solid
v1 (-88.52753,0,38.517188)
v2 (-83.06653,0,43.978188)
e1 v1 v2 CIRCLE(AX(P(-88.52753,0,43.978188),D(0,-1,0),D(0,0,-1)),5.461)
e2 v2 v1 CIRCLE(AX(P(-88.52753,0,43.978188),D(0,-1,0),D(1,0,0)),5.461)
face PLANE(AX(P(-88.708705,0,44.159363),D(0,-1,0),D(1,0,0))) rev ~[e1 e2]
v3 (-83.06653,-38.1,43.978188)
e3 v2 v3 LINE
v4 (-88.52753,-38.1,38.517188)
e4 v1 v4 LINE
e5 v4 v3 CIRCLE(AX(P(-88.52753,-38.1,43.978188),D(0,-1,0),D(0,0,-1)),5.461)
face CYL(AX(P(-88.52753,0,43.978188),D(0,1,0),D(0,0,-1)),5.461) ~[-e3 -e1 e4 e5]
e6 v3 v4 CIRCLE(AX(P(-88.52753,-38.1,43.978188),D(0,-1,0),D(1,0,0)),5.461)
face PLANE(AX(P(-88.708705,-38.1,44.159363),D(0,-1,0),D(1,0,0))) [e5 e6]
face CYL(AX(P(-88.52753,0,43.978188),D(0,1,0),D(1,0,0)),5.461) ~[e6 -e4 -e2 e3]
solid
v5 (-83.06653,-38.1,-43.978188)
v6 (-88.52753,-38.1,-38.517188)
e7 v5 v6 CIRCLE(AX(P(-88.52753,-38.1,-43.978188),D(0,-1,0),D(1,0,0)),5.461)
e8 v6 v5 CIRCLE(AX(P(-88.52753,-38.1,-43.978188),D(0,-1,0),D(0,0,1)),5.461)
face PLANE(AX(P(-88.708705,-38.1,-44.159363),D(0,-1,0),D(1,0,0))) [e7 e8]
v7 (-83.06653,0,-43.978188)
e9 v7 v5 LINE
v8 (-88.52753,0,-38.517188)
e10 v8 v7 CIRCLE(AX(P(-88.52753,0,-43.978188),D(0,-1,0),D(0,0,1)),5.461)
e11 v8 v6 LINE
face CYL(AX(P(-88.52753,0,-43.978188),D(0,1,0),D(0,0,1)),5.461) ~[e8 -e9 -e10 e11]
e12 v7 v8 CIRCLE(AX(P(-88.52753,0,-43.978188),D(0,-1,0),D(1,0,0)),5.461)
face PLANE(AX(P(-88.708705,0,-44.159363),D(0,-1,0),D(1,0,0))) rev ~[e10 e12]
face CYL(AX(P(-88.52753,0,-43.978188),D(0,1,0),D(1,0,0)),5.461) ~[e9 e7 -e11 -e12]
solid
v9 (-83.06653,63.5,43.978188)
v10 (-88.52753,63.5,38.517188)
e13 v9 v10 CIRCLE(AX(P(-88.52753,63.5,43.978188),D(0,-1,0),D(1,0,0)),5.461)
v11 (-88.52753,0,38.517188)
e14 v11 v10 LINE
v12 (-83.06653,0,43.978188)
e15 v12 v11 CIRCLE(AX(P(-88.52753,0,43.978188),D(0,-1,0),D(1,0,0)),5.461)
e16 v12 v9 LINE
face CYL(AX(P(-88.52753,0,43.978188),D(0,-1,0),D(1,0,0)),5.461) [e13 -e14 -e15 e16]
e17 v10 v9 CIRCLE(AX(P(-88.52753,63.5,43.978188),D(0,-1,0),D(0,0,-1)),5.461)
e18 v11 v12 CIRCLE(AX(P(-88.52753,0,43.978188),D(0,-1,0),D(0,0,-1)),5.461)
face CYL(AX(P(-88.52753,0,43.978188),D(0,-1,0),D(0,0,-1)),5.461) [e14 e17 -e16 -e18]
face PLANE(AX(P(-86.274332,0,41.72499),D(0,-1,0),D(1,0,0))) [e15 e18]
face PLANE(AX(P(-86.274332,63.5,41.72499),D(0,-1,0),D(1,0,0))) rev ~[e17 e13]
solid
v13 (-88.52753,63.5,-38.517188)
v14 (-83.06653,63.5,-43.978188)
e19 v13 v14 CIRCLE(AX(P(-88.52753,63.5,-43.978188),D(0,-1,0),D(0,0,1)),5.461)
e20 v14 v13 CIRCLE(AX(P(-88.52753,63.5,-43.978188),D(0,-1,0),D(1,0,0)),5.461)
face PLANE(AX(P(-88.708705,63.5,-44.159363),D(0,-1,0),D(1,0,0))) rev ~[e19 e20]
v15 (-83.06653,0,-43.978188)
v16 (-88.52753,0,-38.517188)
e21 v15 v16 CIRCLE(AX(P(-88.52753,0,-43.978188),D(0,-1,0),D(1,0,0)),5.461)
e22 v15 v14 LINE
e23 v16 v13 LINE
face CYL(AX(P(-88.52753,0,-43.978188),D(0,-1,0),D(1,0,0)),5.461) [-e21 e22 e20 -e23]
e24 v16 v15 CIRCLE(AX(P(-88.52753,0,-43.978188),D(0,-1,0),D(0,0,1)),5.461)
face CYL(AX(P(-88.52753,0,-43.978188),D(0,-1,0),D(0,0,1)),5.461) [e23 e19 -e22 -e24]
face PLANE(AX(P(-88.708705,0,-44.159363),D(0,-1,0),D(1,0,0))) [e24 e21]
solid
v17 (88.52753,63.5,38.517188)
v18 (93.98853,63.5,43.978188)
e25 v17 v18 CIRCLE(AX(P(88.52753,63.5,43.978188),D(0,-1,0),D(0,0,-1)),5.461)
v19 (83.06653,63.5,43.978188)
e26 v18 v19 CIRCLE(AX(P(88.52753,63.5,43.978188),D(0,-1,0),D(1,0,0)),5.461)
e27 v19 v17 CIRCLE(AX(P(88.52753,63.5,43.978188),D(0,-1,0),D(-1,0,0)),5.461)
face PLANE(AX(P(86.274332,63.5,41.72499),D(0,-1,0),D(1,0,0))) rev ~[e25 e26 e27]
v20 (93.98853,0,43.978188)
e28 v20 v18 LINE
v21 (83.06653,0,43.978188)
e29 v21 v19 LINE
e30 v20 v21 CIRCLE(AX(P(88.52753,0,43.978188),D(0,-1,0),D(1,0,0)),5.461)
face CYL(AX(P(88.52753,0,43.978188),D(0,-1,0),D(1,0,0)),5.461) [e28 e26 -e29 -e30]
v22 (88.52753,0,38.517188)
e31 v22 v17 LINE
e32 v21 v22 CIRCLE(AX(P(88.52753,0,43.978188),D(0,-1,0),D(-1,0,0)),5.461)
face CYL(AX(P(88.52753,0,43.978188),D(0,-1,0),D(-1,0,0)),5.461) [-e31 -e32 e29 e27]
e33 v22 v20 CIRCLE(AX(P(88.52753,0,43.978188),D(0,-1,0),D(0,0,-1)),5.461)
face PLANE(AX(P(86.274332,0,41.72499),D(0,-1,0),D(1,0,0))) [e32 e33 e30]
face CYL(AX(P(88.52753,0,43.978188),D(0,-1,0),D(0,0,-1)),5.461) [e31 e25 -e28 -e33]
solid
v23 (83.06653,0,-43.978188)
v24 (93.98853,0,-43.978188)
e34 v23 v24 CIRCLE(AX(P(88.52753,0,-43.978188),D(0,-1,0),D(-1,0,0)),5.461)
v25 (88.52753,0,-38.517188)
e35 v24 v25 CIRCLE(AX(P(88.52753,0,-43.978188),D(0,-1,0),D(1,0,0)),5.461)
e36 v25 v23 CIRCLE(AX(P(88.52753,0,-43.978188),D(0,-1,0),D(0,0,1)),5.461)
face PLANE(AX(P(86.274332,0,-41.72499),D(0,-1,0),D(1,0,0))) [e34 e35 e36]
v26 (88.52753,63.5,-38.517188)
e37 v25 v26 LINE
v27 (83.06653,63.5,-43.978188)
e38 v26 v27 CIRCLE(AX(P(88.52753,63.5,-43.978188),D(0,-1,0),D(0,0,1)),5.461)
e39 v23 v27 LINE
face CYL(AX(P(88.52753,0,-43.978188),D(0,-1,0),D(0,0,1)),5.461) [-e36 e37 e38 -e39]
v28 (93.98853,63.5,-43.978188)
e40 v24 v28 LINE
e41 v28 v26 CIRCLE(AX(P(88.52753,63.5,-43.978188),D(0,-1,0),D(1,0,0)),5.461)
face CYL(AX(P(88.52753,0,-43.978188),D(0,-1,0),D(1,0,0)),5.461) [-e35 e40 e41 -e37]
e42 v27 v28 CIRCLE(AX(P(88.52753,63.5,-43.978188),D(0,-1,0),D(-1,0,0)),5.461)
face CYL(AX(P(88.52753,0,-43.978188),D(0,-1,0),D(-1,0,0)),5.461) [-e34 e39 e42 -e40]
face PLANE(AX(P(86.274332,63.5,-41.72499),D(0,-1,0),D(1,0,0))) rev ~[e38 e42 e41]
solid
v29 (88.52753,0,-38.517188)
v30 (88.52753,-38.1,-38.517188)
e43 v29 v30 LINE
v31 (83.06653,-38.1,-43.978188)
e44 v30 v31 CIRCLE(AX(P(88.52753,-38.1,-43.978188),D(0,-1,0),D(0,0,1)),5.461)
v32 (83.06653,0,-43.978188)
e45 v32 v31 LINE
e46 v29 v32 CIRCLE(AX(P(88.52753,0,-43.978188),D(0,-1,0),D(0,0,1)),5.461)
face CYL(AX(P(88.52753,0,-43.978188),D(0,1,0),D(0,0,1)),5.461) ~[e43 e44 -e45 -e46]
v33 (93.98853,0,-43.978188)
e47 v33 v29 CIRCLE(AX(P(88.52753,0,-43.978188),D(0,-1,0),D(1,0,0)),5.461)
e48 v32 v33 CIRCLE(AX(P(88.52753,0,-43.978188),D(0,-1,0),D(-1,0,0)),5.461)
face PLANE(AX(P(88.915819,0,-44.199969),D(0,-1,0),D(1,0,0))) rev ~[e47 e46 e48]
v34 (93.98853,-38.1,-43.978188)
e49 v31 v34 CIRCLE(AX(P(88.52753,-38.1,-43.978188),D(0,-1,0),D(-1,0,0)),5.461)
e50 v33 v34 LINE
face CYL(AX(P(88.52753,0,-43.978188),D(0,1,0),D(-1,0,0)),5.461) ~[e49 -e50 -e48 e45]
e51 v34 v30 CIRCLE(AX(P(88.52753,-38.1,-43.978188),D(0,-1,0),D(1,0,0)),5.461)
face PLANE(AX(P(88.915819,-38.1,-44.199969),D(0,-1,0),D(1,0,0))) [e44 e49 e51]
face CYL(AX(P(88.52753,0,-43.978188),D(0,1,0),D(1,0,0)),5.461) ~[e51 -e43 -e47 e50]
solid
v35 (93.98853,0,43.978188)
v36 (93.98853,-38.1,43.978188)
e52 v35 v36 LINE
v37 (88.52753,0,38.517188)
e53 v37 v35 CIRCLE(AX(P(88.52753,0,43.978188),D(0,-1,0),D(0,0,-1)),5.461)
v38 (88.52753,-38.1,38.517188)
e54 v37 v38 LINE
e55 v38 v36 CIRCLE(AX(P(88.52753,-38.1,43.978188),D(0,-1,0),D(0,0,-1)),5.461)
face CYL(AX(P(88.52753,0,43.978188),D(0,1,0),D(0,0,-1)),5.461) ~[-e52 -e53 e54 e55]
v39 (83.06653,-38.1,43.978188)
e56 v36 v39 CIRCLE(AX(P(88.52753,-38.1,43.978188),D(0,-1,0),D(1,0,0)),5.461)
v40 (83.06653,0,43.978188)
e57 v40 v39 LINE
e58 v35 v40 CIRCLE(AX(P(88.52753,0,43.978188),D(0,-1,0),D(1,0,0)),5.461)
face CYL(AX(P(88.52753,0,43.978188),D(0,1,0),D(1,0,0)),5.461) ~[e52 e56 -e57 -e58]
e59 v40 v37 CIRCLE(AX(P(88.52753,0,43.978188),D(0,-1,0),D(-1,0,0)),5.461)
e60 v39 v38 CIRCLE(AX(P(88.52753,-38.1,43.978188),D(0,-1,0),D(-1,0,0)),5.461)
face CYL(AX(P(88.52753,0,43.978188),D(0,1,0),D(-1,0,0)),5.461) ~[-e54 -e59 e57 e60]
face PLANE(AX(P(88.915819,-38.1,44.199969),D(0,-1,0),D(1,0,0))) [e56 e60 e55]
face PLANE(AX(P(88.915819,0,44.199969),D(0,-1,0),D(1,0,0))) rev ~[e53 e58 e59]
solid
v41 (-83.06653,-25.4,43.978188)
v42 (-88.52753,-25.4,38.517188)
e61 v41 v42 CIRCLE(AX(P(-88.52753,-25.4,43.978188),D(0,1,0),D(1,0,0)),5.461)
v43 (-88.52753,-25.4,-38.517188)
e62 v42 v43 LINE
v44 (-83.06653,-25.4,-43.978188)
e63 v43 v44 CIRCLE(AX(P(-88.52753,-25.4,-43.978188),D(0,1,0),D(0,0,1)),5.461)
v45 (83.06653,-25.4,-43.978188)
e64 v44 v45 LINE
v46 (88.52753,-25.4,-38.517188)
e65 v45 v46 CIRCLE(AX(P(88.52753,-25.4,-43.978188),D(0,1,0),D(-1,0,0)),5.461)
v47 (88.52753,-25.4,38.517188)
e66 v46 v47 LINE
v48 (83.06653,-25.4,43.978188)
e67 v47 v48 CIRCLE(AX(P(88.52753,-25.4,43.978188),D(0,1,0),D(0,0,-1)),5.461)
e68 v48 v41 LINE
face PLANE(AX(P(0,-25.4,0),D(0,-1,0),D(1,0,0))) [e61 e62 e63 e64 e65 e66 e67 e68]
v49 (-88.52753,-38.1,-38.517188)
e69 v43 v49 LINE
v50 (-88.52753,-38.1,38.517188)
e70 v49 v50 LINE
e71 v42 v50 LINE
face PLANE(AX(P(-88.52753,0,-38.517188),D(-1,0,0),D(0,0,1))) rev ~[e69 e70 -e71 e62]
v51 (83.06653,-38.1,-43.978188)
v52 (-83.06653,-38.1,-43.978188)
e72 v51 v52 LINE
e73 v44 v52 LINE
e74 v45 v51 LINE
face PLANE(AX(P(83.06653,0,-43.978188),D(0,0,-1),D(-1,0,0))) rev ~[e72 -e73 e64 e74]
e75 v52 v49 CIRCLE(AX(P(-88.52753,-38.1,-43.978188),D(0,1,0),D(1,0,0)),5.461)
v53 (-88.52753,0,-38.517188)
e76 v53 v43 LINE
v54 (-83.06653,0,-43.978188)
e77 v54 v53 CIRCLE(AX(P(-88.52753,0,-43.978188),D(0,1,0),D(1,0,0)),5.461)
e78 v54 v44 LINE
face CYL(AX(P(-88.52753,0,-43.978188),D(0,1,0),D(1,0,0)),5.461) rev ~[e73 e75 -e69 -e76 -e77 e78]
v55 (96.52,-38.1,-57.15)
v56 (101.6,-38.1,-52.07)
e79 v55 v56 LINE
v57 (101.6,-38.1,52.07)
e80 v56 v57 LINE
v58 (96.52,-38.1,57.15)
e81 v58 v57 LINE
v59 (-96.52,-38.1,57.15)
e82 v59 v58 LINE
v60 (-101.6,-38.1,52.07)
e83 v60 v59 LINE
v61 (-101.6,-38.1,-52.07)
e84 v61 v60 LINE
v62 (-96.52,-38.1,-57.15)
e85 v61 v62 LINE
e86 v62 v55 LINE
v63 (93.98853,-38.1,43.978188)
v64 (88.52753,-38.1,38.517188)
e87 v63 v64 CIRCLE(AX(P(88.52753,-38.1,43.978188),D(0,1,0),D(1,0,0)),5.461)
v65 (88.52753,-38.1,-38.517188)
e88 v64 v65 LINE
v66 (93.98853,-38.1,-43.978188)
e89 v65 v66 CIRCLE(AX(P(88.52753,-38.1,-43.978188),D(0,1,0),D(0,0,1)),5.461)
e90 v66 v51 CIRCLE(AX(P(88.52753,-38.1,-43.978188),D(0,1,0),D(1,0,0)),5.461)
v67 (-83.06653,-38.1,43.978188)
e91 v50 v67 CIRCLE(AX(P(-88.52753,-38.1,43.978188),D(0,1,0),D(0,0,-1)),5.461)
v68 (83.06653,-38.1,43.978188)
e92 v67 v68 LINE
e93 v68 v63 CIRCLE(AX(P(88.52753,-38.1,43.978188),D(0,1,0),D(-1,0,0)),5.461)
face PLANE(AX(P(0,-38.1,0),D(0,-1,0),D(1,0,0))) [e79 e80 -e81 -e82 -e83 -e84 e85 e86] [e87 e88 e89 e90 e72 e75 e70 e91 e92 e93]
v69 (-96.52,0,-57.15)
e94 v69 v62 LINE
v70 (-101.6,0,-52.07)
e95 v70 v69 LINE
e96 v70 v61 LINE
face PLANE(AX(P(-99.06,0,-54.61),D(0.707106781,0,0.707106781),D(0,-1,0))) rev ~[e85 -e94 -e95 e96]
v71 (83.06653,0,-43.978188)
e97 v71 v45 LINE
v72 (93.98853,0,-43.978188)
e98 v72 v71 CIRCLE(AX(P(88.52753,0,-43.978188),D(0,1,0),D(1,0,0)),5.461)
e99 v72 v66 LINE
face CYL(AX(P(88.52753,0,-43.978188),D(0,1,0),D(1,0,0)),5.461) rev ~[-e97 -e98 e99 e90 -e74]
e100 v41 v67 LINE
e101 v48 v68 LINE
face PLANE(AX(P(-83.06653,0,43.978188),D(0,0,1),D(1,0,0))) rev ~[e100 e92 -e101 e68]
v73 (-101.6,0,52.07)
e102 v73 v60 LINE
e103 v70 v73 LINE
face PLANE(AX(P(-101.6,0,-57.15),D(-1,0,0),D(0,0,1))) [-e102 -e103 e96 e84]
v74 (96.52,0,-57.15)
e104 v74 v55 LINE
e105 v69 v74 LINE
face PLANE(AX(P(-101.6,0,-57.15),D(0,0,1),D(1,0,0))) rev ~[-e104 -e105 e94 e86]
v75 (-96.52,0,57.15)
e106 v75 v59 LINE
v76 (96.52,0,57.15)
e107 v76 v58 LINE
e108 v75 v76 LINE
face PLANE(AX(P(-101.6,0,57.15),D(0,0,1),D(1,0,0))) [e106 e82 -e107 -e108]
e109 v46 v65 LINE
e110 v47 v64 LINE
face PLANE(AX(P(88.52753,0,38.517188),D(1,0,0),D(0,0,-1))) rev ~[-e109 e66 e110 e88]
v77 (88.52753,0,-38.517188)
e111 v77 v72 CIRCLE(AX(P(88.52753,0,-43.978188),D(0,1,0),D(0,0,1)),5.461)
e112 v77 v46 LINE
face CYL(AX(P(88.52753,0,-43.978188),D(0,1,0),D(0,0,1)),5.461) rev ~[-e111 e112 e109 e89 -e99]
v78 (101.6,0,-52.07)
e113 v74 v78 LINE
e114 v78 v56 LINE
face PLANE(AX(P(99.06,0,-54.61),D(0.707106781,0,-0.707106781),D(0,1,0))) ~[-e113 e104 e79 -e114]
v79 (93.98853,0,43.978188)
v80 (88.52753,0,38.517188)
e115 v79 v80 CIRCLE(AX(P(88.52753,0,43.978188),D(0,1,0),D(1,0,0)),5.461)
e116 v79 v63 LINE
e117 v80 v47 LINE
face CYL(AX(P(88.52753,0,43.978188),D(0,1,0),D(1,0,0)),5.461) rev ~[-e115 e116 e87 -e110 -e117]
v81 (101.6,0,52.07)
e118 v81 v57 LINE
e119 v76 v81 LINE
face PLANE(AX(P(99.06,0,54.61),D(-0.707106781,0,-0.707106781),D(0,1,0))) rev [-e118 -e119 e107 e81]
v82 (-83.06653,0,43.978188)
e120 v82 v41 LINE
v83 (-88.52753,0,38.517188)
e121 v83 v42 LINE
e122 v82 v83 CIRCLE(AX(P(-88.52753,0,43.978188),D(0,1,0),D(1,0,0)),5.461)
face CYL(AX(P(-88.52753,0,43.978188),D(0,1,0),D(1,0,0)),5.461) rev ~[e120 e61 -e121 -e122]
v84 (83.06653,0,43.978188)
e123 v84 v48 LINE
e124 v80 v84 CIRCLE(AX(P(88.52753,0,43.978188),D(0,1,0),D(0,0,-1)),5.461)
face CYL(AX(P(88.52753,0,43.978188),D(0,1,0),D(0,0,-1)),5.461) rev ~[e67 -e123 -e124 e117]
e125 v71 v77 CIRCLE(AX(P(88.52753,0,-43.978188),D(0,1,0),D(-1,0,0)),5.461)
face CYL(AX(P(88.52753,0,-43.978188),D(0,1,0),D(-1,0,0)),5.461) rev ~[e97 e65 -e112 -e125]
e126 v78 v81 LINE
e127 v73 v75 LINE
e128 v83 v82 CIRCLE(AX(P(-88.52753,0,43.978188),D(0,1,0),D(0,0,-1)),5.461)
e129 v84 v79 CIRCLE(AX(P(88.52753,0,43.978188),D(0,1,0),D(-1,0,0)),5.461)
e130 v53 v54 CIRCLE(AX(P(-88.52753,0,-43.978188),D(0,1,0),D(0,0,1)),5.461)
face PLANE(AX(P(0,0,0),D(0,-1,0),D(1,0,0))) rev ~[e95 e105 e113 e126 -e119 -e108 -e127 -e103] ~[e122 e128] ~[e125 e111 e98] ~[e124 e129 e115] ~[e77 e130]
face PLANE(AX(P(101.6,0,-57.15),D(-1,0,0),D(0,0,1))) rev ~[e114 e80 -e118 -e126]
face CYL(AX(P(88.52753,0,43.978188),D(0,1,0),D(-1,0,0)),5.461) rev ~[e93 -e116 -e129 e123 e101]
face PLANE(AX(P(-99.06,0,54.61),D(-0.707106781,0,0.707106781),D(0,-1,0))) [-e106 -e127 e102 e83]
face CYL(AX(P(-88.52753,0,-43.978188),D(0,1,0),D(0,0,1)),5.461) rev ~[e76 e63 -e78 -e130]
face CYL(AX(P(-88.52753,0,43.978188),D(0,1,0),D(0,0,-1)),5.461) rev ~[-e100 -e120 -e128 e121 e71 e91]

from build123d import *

# Parameters (mm, degrees)
F1_DEPTH = 25.4
F0_W     = 203.2
F0_H     = 114.3
F2_DEPTH = 38.1
F3_DEPTH = 38.1
F4_DEPTH = 63.5
F5_SIZE  = 5.08


with BuildPart() as f1:
    # F0 (on Front) → F1 (new body)
    with BuildSketch(Plane.XZ):
        with BuildLine():
            ThreePointArc((-88.5275304317, -38.5171881869), (-84.6660202997, -40.1166780548), (-83.0665304317, -43.9781881869))
            Line((-83.0665304317, -43.9781881869), (83.0665304317, -43.9781881869))
            ThreePointArc((83.0665304317, -43.9781881869), (84.6660202997, -40.1166780548), (88.5275304317, -38.5171881869))
            Line((88.5275304317, -38.5171881869), (88.5275304317, 38.5171881869))
            ThreePointArc((88.5275304317, 38.5171881869), (84.6660202997, 40.1166780548), (83.0665304317, 43.9781881869))
            Line((83.0665304317, 43.9781881869), (-83.0665304317, 43.9781881869))
            ThreePointArc((-83.0665304317, 43.9781881869), (-84.6660202997, 40.1166780548), (-88.5275304317, 38.5171881869))
            Line((-88.5275304317, 38.5171881869), (-88.5275304317, -38.5171881869))
        make_face()
    extrude(amount=F1_DEPTH)

    # F0 (on Front) → F2 (join)
    with BuildSketch(Plane.XZ):
        Rectangle(F0_W, F0_H)
        with BuildLine():
            Line((83.0665304317, -43.9781881869), (-83.0665304317, -43.9781881869))
            ThreePointArc((-83.0665304317, -43.9781881869), (-92.3890405638, -47.8396983189), (-88.5275304317, -38.5171881869))
            Line((-88.5275304317, -38.5171881869), (-88.5275304317, 38.5171881869))
            ThreePointArc((-88.5275304317, 38.5171881869), (-92.3890405638, 47.8396983189), (-83.0665304317, 43.9781881869))
            Line((-83.0665304317, 43.9781881869), (83.0665304317, 43.9781881869))
            ThreePointArc((83.0665304317, 43.9781881869), (88.5275304317, 49.4391881869), (93.9885304317, 43.9781881869))
            ThreePointArc((93.9885304317, 43.9781881869), (92.3890405638, 40.1166780548), (88.5275304317, 38.5171881869))
            Line((88.5275304317, 38.5171881869), (88.5275304317, -38.5171881869))
            ThreePointArc((88.5275304317, -38.5171881869), (92.3890405638, -40.1166780548), (93.9885304317, -43.9781881869))
            ThreePointArc((93.9885304317, -43.9781881869), (88.5275304317, -49.4391881869), (83.0665304317, -43.9781881869))
        make_face(mode=Mode.SUBTRACT)
    extrude(amount=F2_DEPTH)

    # F5
    f5_edges = [f1.edges().sort_by_distance(p)[0] for p in [
        (-101.6, -19.05, -57.15),
        (101.6, -19.05, -57.15),
        (101.6, -19.05, 57.15),
        (-101.6, -19.05, 57.15),
    ]]
    chamfer(f5_edges, length=F5_SIZE)


with BuildPart() as f3:
    # F0 (on Front) → F3 (new body)
    with BuildSketch(Plane.XZ):
        with BuildLine():
            ThreePointArc((-83.0665304317, 43.9781881869), (-92.3890405638, 47.8396983189), (-88.5275304317, 38.5171881869))
            Line((-88.5275304317, 38.5171881869), (-88.5275304317, 43.9781881869))
            Line((-88.5275304317, 43.9781881869), (-83.0665304317, 43.9781881869))
        make_face()
        with BuildLine():
            Line((-88.5275304317, 43.9781881869), (-88.5275304317, 38.5171881869))
            ThreePointArc((-88.5275304317, 38.5171881869), (-84.6660202997, 40.1166780548), (-83.0665304317, 43.9781881869))
            Line((-83.0665304317, 43.9781881869), (-88.5275304317, 43.9781881869))
        make_face()
    extrude(amount=F3_DEPTH)


with BuildPart() as f3b:
    # F0 (on Front) → F3, piece 2 (new body)
    with BuildSketch(Plane.XZ):
        with BuildLine():
            ThreePointArc((-88.5275304317, -38.5171881869), (-92.3890405638, -47.8396983189), (-83.0665304317, -43.9781881869))
            Line((-83.0665304317, -43.9781881869), (-88.5275304317, -43.9781881869))
            Line((-88.5275304317, -43.9781881869), (-88.5275304317, -38.5171881869))
        make_face()
        with BuildLine():
            Line((-88.5275304317, -43.9781881869), (-83.0665304317, -43.9781881869))
            ThreePointArc((-83.0665304317, -43.9781881869), (-84.6660202997, -40.1166780548), (-88.5275304317, -38.5171881869))
            Line((-88.5275304317, -38.5171881869), (-88.5275304317, -43.9781881869))
        make_face()
    extrude(amount=F3_DEPTH)


with BuildPart() as f3c:
    # F0 (on Front) → F3, piece 3 (new body)
    with BuildSketch(Plane.XZ):
        with BuildLine():
            Line((88.5275304317, 43.9781881869), (88.5275304317, 38.5171881869))
            ThreePointArc((88.5275304317, 38.5171881869), (92.3890405638, 40.1166780548), (93.9885304317, 43.9781881869))
            ThreePointArc((93.9885304317, 43.9781881869), (88.5275304317, 49.4391881869), (83.0665304317, 43.9781881869))
            Line((83.0665304317, 43.9781881869), (88.5275304317, 43.9781881869))
        make_face()
        with BuildLine():
            ThreePointArc((83.0665304317, 43.9781881869), (84.6660202997, 40.1166780548), (88.5275304317, 38.5171881869))
            Line((88.5275304317, 38.5171881869), (88.5275304317, 43.9781881869))
            Line((88.5275304317, 43.9781881869), (83.0665304317, 43.9781881869))
        make_face()
    extrude(amount=F3_DEPTH)


with BuildPart() as f3d:
    # F0 (on Front) → F3, piece 4 (new body)
    with BuildSketch(Plane.XZ):
        with BuildLine():
            Line((88.5275304317, -43.9781881869), (83.0665304317, -43.9781881869))
            ThreePointArc((83.0665304317, -43.9781881869), (88.5275304317, -49.4391881869), (93.9885304317, -43.9781881869))
            ThreePointArc((93.9885304317, -43.9781881869), (92.3890405638, -40.1166780548), (88.5275304317, -38.5171881869))
            Line((88.5275304317, -38.5171881869), (88.5275304317, -43.9781881869))
        make_face()
        with BuildLine():
            ThreePointArc((88.5275304317, -38.5171881869), (84.6660202997, -40.1166780548), (83.0665304317, -43.9781881869))
            Line((83.0665304317, -43.9781881869), (88.5275304317, -43.9781881869))
            Line((88.5275304317, -43.9781881869), (88.5275304317, -38.5171881869))
        make_face()
    extrude(amount=F3_DEPTH)


with BuildPart() as f4:
    # F0 (on Front) → F4 (new body)
    with BuildSketch(Plane.XZ):
        with BuildLine():
            ThreePointArc((-88.5275304317, -38.5171881869), (-92.3890405638, -47.8396983189), (-83.0665304317, -43.9781881869))
            Line((-83.0665304317, -43.9781881869), (-88.5275304317, -43.9781881869))
            Line((-88.5275304317, -43.9781881869), (-88.5275304317, -38.5171881869))
        make_face()
        with BuildLine():
            Line((-88.5275304317, -43.9781881869), (-83.0665304317, -43.9781881869))
            ThreePointArc((-83.0665304317, -43.9781881869), (-84.6660202997, -40.1166780548), (-88.5275304317, -38.5171881869))
            Line((-88.5275304317, -38.5171881869), (-88.5275304317, -43.9781881869))
        make_face()
    extrude(amount=-F4_DEPTH)


with BuildPart() as f4b:
    # F0 (on Front) → F4, piece 2 (new body)
    with BuildSketch(Plane.XZ):
        with BuildLine():
            Line((-88.5275304317, 43.9781881869), (-88.5275304317, 38.5171881869))
            ThreePointArc((-88.5275304317, 38.5171881869), (-84.6660202997, 40.1166780548), (-83.0665304317, 43.9781881869))
            Line((-83.0665304317, 43.9781881869), (-88.5275304317, 43.9781881869))
        make_face()
        with BuildLine():
            ThreePointArc((-83.0665304317, 43.9781881869), (-92.3890405638, 47.8396983189), (-88.5275304317, 38.5171881869))
            Line((-88.5275304317, 38.5171881869), (-88.5275304317, 43.9781881869))
            Line((-88.5275304317, 43.9781881869), (-83.0665304317, 43.9781881869))
        make_face()
    extrude(amount=-F4_DEPTH)


with BuildPart() as f4c:
    # F0 (on Front) → F4, piece 3 (new body)
    with BuildSketch(Plane.XZ):
        with BuildLine():
            ThreePointArc((88.5275304317, -38.5171881869), (84.6660202997, -40.1166780548), (83.0665304317, -43.9781881869))
            Line((83.0665304317, -43.9781881869), (88.5275304317, -43.9781881869))
            Line((88.5275304317, -43.9781881869), (88.5275304317, -38.5171881869))
        make_face()
        with BuildLine():
            Line((88.5275304317, -43.9781881869), (83.0665304317, -43.9781881869))
            ThreePointArc((83.0665304317, -43.9781881869), (88.5275304317, -49.4391881869), (93.9885304317, -43.9781881869))
            ThreePointArc((93.9885304317, -43.9781881869), (92.3890405638, -40.1166780548), (88.5275304317, -38.5171881869))
            Line((88.5275304317, -38.5171881869), (88.5275304317, -43.9781881869))
        make_face()
    extrude(amount=-F4_DEPTH)


with BuildPart() as f4d:
    # F0 (on Front) → F4, piece 4 (new body)
    with BuildSketch(Plane.XZ):
        with BuildLine():
            ThreePointArc((83.0665304317, 43.9781881869), (84.6660202997, 40.1166780548), (88.5275304317, 38.5171881869))
            Line((88.5275304317, 38.5171881869), (88.5275304317, 43.9781881869))
            Line((88.5275304317, 43.9781881869), (83.0665304317, 43.9781881869))
        make_face()
        with BuildLine():
            Line((88.5275304317, 43.9781881869), (88.5275304317, 38.5171881869))
            ThreePointArc((88.5275304317, 38.5171881869), (92.3890405638, 40.1166780548), (93.9885304317, 43.9781881869))
            ThreePointArc((93.9885304317, 43.9781881869), (88.5275304317, 49.4391881869), (83.0665304317, 43.9781881869))
            Line((83.0665304317, 43.9781881869), (88.5275304317, 43.9781881869))
        make_face()
    extrude(amount=-F4_DEPTH)


solid = Compound([f1.part, f3.part, f3b.part, f3c.part, f3d.part, f4.part, f4b.part, f4c.part, f4d.part])
